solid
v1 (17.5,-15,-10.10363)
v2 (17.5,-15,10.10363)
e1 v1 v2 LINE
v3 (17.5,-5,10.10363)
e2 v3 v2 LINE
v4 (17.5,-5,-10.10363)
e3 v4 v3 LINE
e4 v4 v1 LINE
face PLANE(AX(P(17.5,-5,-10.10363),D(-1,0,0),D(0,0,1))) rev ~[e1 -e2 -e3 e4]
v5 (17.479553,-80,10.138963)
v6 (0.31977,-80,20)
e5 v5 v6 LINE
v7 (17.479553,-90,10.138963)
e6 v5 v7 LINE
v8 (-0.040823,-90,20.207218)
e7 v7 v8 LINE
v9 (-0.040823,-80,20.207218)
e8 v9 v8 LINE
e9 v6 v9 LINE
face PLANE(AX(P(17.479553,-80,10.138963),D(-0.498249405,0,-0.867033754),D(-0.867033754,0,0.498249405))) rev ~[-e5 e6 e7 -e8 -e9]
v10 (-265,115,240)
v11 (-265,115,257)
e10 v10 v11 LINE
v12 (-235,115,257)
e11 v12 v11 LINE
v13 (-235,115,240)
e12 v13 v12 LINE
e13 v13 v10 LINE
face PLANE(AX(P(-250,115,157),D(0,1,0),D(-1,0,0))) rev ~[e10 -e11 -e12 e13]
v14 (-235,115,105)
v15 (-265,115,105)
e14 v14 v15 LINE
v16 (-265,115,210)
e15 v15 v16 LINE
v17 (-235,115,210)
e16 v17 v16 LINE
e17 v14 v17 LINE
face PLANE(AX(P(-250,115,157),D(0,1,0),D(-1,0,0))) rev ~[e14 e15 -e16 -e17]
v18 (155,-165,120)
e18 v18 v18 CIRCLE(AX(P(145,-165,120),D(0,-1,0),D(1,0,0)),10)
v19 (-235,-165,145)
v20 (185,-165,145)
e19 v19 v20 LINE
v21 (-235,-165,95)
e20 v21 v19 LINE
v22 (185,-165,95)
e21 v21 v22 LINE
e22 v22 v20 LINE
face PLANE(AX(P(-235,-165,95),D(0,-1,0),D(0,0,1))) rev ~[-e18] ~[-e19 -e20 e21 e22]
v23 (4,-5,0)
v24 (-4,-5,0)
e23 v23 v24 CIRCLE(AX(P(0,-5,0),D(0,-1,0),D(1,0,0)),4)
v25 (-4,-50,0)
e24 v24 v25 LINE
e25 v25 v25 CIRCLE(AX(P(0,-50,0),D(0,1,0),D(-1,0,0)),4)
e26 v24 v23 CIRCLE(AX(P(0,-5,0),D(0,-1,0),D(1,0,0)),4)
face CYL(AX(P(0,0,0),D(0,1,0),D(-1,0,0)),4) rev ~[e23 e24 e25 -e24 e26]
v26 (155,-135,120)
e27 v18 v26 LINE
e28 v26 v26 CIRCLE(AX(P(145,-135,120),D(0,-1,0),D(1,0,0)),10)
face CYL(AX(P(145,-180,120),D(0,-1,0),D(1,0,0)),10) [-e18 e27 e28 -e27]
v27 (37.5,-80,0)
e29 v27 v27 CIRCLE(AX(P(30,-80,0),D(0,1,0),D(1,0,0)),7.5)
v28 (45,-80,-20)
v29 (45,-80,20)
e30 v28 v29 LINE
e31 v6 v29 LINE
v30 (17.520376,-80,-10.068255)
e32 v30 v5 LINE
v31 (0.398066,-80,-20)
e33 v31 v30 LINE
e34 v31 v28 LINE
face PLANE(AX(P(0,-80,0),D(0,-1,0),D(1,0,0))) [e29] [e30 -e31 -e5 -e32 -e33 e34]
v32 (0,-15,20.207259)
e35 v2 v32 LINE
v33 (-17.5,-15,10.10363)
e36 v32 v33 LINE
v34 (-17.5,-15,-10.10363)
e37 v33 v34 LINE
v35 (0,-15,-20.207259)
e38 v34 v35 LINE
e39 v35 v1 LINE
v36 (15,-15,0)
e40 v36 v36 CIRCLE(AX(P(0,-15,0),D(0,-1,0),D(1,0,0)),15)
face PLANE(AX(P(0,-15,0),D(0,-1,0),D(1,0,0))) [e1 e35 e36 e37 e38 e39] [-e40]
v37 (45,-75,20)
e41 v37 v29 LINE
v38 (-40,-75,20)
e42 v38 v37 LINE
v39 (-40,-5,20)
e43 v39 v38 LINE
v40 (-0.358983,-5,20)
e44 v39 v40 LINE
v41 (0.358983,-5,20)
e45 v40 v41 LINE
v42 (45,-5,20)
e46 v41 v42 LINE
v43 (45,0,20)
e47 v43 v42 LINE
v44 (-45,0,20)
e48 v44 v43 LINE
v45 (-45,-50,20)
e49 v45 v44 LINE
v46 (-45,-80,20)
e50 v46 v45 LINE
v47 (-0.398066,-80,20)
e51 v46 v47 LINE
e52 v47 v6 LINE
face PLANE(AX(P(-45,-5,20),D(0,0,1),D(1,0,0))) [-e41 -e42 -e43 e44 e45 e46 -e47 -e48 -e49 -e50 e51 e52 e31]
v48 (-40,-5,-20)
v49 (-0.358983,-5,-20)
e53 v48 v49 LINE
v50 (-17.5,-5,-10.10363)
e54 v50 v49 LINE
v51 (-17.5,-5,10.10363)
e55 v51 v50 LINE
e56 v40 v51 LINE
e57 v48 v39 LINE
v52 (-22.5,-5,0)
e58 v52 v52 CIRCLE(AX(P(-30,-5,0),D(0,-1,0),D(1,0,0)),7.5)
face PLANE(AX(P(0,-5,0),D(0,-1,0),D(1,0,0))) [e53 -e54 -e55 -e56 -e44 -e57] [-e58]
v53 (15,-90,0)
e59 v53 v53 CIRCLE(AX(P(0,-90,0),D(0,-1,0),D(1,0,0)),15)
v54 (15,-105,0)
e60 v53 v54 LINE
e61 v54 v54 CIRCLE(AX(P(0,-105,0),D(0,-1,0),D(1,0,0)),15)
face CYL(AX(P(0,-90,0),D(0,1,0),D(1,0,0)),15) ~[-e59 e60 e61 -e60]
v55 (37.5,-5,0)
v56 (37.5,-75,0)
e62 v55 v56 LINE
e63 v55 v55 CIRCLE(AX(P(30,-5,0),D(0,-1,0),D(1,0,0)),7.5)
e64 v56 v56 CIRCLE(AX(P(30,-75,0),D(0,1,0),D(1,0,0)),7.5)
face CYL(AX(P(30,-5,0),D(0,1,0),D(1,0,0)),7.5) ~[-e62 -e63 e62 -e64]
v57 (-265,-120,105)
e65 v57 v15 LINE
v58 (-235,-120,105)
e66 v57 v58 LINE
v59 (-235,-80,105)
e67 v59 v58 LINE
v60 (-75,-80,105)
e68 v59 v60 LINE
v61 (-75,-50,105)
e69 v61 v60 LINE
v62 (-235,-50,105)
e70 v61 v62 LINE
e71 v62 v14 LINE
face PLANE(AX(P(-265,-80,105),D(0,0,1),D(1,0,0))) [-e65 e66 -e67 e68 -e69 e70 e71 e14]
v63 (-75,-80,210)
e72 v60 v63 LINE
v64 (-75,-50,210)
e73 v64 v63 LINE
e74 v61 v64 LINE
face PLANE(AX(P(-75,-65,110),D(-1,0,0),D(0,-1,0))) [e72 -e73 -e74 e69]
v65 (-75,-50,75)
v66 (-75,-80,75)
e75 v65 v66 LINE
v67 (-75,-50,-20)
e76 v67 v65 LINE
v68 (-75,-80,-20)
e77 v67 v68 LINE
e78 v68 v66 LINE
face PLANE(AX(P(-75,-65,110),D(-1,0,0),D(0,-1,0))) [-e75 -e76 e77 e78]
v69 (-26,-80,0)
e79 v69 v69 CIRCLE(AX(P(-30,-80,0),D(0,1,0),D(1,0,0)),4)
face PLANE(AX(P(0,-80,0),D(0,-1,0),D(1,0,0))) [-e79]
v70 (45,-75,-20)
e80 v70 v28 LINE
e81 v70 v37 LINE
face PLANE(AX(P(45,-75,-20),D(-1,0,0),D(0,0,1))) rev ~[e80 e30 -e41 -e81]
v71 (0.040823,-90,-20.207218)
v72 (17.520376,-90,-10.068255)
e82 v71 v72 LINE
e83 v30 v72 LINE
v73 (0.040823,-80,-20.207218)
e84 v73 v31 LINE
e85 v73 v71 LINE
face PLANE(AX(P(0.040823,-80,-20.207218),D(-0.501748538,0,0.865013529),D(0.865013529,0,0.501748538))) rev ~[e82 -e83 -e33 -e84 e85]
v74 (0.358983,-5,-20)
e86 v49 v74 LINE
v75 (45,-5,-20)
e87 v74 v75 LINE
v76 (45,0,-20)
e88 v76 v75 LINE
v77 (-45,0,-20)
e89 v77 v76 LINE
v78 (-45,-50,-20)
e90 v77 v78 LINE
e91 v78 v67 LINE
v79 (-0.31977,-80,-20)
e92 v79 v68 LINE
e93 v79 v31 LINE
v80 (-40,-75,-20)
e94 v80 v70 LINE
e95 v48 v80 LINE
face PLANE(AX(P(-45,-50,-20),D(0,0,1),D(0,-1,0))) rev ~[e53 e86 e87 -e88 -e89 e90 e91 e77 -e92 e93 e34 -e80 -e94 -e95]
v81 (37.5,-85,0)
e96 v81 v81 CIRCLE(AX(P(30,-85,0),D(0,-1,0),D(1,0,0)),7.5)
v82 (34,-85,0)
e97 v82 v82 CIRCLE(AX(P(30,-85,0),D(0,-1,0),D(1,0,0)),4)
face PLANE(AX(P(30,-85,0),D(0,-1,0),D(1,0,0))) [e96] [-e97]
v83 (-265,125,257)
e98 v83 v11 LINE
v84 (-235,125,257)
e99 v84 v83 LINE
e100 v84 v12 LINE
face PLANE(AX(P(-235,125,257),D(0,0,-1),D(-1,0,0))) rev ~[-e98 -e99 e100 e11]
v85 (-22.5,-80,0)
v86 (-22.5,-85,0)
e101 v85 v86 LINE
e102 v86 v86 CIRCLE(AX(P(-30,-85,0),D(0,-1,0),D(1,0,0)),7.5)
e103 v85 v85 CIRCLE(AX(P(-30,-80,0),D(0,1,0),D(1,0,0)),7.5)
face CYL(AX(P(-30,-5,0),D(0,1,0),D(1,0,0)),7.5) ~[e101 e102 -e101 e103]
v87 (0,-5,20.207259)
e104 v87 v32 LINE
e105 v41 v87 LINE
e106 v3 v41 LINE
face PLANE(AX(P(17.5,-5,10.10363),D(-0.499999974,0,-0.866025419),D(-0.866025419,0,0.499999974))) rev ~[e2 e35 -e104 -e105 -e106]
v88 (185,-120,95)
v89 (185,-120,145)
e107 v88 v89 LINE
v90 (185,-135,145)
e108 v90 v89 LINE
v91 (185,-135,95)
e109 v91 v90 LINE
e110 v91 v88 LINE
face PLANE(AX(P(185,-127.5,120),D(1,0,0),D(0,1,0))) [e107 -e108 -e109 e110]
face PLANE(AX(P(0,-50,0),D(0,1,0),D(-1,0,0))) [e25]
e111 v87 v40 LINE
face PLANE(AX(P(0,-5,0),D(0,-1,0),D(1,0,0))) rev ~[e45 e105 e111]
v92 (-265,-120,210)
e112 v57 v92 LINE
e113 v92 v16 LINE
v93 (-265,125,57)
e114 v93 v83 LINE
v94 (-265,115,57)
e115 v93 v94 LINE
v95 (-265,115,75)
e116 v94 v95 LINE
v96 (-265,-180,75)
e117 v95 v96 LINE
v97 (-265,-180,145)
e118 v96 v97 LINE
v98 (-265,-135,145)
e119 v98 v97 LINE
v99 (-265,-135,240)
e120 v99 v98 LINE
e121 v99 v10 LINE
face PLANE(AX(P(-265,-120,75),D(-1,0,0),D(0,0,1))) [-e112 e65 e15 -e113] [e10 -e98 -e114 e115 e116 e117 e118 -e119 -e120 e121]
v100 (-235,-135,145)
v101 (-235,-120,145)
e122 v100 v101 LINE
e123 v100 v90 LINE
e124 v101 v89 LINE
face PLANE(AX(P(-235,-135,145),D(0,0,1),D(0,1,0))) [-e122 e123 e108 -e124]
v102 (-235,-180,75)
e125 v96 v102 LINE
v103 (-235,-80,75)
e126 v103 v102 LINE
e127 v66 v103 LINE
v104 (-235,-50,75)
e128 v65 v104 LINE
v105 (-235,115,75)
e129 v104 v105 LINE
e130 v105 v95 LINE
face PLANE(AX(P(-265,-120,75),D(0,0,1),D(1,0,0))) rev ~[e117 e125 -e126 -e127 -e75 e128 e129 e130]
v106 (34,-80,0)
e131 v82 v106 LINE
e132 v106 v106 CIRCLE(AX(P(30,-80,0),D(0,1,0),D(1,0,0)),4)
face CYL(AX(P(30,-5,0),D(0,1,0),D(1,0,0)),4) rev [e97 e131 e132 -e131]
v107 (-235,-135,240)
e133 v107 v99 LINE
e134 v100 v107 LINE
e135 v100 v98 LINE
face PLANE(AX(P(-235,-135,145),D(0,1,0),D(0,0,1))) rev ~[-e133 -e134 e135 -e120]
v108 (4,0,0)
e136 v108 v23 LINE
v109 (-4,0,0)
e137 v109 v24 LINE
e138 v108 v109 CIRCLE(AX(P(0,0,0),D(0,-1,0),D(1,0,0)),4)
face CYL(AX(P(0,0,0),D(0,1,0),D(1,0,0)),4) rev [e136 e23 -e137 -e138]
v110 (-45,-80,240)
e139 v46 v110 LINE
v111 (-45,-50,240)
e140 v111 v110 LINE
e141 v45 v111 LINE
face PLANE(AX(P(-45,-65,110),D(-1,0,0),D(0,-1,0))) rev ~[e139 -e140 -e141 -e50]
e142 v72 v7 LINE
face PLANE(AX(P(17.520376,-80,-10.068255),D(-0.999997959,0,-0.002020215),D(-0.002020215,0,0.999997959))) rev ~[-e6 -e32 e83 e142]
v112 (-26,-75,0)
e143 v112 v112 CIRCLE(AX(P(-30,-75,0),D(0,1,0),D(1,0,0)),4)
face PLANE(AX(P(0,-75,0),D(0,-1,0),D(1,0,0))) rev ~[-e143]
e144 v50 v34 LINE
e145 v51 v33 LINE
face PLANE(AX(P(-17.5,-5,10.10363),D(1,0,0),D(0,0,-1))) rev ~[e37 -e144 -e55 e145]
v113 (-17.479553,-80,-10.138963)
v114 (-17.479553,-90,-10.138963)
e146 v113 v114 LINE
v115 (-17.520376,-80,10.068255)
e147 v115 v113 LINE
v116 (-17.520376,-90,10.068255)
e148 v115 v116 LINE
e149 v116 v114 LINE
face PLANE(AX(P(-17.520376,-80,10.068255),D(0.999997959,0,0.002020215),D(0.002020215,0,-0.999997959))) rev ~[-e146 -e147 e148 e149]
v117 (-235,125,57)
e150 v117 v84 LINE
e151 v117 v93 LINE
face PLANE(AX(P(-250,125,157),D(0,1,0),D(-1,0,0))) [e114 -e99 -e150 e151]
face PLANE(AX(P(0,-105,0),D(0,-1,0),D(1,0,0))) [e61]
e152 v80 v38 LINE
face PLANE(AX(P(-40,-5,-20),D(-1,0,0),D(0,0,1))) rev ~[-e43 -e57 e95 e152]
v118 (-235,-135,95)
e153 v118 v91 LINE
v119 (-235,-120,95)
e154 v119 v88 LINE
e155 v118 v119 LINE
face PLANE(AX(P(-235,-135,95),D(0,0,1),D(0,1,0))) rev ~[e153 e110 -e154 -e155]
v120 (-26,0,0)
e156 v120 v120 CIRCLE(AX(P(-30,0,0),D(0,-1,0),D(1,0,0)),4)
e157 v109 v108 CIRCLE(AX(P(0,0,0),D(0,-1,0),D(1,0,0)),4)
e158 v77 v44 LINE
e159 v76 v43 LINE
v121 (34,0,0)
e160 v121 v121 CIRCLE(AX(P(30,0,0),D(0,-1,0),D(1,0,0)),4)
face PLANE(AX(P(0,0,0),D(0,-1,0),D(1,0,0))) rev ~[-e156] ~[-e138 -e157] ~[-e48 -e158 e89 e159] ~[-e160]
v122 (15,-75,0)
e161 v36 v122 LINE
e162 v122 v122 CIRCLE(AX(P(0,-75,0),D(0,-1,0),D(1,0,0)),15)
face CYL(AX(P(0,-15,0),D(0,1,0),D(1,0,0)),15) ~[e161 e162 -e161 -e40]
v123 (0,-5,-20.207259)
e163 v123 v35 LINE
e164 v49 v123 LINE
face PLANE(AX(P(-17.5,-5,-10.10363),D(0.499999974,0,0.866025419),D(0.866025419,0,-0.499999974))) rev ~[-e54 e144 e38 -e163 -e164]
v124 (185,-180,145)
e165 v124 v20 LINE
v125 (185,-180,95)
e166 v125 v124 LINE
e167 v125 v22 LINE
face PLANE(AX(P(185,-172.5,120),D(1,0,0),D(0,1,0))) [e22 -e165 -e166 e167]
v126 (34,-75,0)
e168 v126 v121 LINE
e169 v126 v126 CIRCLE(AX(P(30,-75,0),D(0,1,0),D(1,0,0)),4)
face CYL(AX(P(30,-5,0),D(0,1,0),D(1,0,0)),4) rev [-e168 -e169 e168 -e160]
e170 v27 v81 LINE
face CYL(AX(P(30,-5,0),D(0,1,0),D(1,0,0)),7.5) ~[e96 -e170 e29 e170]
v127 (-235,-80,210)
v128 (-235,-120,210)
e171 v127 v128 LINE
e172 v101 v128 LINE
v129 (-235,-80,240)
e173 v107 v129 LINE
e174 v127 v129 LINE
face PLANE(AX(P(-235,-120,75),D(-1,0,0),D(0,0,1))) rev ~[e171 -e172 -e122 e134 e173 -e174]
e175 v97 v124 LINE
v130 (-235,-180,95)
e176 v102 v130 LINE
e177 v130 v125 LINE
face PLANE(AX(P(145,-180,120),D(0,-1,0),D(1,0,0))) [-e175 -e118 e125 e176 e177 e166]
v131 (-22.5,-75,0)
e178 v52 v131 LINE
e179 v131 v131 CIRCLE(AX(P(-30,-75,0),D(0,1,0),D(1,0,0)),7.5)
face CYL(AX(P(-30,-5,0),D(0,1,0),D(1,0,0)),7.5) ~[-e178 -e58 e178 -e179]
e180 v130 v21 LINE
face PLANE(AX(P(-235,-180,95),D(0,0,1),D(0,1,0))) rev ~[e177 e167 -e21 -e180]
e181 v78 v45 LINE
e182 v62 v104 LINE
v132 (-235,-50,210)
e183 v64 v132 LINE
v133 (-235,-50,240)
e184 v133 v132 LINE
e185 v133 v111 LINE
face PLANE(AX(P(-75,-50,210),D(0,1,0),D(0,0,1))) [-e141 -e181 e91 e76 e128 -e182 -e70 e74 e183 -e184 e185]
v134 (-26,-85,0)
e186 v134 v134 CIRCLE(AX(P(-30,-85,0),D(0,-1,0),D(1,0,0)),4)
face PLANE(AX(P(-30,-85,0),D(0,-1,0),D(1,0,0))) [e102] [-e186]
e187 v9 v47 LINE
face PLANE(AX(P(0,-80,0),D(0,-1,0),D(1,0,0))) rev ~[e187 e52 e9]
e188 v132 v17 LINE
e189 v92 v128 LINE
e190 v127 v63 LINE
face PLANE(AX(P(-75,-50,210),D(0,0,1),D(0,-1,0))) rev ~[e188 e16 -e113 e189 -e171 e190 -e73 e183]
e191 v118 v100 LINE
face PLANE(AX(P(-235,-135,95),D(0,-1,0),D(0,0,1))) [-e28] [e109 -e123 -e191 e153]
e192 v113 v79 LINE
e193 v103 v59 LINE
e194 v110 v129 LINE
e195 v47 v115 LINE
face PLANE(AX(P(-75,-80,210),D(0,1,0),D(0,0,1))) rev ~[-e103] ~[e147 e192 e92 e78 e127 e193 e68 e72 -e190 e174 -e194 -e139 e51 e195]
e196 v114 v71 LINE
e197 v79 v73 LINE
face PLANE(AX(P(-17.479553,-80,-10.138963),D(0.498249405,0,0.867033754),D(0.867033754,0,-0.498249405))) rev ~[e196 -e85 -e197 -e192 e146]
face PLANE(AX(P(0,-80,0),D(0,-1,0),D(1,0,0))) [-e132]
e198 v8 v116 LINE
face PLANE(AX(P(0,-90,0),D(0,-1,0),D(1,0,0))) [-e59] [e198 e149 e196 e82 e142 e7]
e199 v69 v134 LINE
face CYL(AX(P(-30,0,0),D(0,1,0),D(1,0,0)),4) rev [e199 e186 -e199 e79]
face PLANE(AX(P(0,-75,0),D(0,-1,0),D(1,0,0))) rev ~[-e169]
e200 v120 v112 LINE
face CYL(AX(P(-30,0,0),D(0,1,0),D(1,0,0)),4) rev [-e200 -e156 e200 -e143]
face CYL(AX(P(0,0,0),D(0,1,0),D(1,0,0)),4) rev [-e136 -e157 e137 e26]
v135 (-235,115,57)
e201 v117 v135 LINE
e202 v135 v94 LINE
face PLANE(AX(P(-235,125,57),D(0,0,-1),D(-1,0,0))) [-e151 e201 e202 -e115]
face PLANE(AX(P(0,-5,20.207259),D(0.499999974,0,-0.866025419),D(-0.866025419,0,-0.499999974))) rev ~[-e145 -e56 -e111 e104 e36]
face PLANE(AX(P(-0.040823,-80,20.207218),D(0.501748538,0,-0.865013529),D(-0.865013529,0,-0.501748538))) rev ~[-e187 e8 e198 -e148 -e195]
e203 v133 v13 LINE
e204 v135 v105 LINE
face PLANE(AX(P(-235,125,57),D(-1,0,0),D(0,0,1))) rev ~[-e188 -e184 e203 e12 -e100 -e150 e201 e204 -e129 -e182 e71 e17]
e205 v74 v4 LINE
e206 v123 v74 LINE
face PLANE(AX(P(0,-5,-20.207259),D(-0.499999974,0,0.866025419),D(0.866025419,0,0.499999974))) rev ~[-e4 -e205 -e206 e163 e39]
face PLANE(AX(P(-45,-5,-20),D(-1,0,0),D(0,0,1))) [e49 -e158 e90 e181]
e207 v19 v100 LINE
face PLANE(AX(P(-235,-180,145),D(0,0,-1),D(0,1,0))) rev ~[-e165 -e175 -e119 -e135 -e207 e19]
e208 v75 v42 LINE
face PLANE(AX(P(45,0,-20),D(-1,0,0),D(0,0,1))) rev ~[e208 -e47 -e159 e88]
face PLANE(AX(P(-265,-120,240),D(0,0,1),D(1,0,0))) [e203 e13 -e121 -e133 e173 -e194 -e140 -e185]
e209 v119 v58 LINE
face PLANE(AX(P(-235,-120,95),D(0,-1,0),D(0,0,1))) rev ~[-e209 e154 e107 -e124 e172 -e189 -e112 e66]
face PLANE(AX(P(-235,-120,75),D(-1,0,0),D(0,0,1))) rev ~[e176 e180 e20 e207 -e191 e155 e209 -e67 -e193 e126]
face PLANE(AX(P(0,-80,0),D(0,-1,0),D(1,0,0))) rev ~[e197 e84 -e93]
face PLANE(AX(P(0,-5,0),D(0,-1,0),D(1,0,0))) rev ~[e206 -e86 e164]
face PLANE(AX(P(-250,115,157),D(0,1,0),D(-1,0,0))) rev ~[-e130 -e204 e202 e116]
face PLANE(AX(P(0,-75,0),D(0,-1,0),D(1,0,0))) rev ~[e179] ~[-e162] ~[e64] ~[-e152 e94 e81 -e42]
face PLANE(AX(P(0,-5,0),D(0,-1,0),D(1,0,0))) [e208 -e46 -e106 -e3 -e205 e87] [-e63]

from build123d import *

# Parameters (mm, degrees)
F0_W      = 90
F0_H      = 40
F0_R      = 4
F1_DEPTH  = 5
F3_DEPTH  = 10
F4_R      = 15
F5_DEPTH  = 60
F6_R      = 7.5
F6_R_2    = 4
F7_DEPTH  = 80
F8_W      = 90
F8_H      = 40
F9_DEPTH  = 5
F11_DEPTH = 10
F12_R     = 15
F13_DEPTH = 15
F14_W     = 5
F14_H     = 40
F15_DEPTH = 70
F16_R     = 4
F17_DEPTH = 50
F18_W     = 30
F18_H     = 260
F19_DEPTH = 30
F20_W     = 30
F20_H     = 30
F21_DEPTH = 190
F22_W     = 30
F22_H     = 30
F23_DEPTH = 205
F24_DEPTH = 40
F25_W     = 30
F25_H     = 200
F26_DEPTH = 10
F27_W     = 30
F27_H     = 165
F28_DEPTH = 60
F29_W     = 15
F29_H     = 50
F30_DEPTH = 420
F31_W     = 45
F31_H     = 121.339908
F32_DEPTH = 40
F33_R     = 10
F34_DEPTH = 60


with BuildPart() as f1:
    # F0 (on Front) → F1 (new body)
    with BuildSketch(Plane.XZ):
        Rectangle(F0_W, F0_H)
        with Locations((-30, 0)):
            Circle(F0_R, mode=Mode.SUBTRACT)
        Circle(F0_R, mode=Mode.SUBTRACT)
        with Locations((30, 0)):
            Circle(F0_R, mode=Mode.SUBTRACT)
    extrude(amount=F1_DEPTH)

    # F2 (on face) → F3 (join)
    with BuildSketch(Plane.XZ.offset(5)):
        Polygon((17.5, -10.10363), (17.5, 10.10363), (0, 20.207259), (-17.5, 10.10363), (-17.5, -10.10363), (0, -20.207259), align=None)
    extrude(amount=F3_DEPTH)

    # F4 (on face) → F5 (join)
    with BuildSketch(Plane.XZ.offset(15)):
        Circle(F4_R)
    extrude(amount=F5_DEPTH)

    # F6 (on face) → F7 (join)
    with BuildSketch(Plane.XZ.offset(5)):
        with Locations((30, 0)):
            Circle(F6_R)
        with Locations((30, 0)):
            Circle(F6_R_2, mode=Mode.SUBTRACT)
        with Locations((-30, 0)):
            Circle(F6_R)
        with Locations((-30, 0)):
            Circle(F6_R_2, mode=Mode.SUBTRACT)
    extrude(amount=F7_DEPTH)

    # F8 (on face) → F9 (join)
    with BuildSketch(Plane.XZ.offset(75)):
        Rectangle(F8_W, F8_H)
    extrude(amount=F9_DEPTH)

    # F10 (on face) → F11 (join)
    with BuildSketch(Plane.XZ.offset(80)):
        Polygon((0.040823, -20.207218), (17.520376, -10.068255), (17.479553, 10.138963), (-0.040823, 20.207218), (-17.520376, 10.068255), (-17.479553, -10.138963), align=None)
    extrude(amount=F11_DEPTH)

    # F12 (on face) → F13 (join)
    with BuildSketch(Plane.XZ.offset(90)):
        Circle(F12_R)
    extrude(amount=F13_DEPTH)

    # F14 (on face) → F15 (join, through all)
    with BuildSketch(Plane.XZ.offset(5)):
        with Locations((-42.5, 0)):
            Rectangle(F14_W, F14_H)
    extrude(amount=F15_DEPTH)

    # F16 (on face) → F17 (cut)
    with BuildSketch(Plane(origin=(0, 0, 0), x_dir=(-1, 0, 0), z_dir=(0, 1, 0))):
        Circle(F16_R)
    extrude(amount=-F17_DEPTH, mode=Mode.SUBTRACT)

    # F18 (on face) → F19 (join)
    with BuildSketch(Plane(origin=(-45, 0, 0), x_dir=(0, -1, 0), z_dir=(-1, 0, 0))):
        with Locations((65, 110)):
            Rectangle(F18_W, F18_H)
    extrude(amount=F19_DEPTH)

    # F20 (on face) → F21 (join)
    with BuildSketch(Plane(origin=(-75, 0, 0), x_dir=(0, -1, 0), z_dir=(-1, 0, 0))):
        with Locations((65, 90)):
            Rectangle(F20_W, F20_H)
        with Locations((65, 225)):
            Rectangle(F20_W, F20_H)
    extrude(amount=F21_DEPTH)

    # F22 (on face) → F23 (join)
    with BuildSketch(Plane.XZ.offset(80)):
        with Locations((-250, 90)):
            Rectangle(F22_W, F22_H)
        with Locations((-250, 225)):
            Rectangle(F22_W, F22_H)
    extrude(amount=-F23_DEPTH)

    # F22 (on face) → F24 (join)
    with BuildSketch(Plane.XZ.offset(80)):
        with Locations((-250, 90)):
            Rectangle(F22_W, F22_H)
        with Locations((-250, 225)):
            Rectangle(F22_W, F22_H)
    extrude(amount=F24_DEPTH)

    # F25 (on face) → F26 (join)
    with BuildSketch(Plane(origin=(0, 125, 0), x_dir=(-1, 0, 0), z_dir=(0, 1, 0))):
        with Locations((250, 157)):
            Rectangle(F25_W, F25_H)
    extrude(amount=-F26_DEPTH)

    # F27 (on face) → F28 (join)
    with BuildSketch(Plane.XZ.offset(120)):
        with Locations((-250, 157.5)):
            Rectangle(F27_W, F27_H)
    extrude(amount=F28_DEPTH)

    # F29 (on face) → F30 (join)
    with BuildSketch(Plane.YZ.offset(-235)):
        with Locations((-172.5, 120)):
            Rectangle(F29_W, F29_H)
        with Locations((-127.5, 120)):
            Rectangle(F29_W, F29_H)
    extrude(amount=F30_DEPTH)

    # F31 (on face) → F32 (cut)
    with BuildSketch(Plane.YZ.offset(-235)):
        with Locations((-157.5, 205.669954)):
            Rectangle(F31_W, F31_H)
    extrude(amount=-F32_DEPTH, mode=Mode.SUBTRACT)

    # F33 (on face) → F34 (join)
    with BuildSketch(Plane.XZ.offset(180)):
        with Locations((145, 120)):
            Circle(F33_R)
    extrude(amount=-F34_DEPTH)


solid = f1.part
